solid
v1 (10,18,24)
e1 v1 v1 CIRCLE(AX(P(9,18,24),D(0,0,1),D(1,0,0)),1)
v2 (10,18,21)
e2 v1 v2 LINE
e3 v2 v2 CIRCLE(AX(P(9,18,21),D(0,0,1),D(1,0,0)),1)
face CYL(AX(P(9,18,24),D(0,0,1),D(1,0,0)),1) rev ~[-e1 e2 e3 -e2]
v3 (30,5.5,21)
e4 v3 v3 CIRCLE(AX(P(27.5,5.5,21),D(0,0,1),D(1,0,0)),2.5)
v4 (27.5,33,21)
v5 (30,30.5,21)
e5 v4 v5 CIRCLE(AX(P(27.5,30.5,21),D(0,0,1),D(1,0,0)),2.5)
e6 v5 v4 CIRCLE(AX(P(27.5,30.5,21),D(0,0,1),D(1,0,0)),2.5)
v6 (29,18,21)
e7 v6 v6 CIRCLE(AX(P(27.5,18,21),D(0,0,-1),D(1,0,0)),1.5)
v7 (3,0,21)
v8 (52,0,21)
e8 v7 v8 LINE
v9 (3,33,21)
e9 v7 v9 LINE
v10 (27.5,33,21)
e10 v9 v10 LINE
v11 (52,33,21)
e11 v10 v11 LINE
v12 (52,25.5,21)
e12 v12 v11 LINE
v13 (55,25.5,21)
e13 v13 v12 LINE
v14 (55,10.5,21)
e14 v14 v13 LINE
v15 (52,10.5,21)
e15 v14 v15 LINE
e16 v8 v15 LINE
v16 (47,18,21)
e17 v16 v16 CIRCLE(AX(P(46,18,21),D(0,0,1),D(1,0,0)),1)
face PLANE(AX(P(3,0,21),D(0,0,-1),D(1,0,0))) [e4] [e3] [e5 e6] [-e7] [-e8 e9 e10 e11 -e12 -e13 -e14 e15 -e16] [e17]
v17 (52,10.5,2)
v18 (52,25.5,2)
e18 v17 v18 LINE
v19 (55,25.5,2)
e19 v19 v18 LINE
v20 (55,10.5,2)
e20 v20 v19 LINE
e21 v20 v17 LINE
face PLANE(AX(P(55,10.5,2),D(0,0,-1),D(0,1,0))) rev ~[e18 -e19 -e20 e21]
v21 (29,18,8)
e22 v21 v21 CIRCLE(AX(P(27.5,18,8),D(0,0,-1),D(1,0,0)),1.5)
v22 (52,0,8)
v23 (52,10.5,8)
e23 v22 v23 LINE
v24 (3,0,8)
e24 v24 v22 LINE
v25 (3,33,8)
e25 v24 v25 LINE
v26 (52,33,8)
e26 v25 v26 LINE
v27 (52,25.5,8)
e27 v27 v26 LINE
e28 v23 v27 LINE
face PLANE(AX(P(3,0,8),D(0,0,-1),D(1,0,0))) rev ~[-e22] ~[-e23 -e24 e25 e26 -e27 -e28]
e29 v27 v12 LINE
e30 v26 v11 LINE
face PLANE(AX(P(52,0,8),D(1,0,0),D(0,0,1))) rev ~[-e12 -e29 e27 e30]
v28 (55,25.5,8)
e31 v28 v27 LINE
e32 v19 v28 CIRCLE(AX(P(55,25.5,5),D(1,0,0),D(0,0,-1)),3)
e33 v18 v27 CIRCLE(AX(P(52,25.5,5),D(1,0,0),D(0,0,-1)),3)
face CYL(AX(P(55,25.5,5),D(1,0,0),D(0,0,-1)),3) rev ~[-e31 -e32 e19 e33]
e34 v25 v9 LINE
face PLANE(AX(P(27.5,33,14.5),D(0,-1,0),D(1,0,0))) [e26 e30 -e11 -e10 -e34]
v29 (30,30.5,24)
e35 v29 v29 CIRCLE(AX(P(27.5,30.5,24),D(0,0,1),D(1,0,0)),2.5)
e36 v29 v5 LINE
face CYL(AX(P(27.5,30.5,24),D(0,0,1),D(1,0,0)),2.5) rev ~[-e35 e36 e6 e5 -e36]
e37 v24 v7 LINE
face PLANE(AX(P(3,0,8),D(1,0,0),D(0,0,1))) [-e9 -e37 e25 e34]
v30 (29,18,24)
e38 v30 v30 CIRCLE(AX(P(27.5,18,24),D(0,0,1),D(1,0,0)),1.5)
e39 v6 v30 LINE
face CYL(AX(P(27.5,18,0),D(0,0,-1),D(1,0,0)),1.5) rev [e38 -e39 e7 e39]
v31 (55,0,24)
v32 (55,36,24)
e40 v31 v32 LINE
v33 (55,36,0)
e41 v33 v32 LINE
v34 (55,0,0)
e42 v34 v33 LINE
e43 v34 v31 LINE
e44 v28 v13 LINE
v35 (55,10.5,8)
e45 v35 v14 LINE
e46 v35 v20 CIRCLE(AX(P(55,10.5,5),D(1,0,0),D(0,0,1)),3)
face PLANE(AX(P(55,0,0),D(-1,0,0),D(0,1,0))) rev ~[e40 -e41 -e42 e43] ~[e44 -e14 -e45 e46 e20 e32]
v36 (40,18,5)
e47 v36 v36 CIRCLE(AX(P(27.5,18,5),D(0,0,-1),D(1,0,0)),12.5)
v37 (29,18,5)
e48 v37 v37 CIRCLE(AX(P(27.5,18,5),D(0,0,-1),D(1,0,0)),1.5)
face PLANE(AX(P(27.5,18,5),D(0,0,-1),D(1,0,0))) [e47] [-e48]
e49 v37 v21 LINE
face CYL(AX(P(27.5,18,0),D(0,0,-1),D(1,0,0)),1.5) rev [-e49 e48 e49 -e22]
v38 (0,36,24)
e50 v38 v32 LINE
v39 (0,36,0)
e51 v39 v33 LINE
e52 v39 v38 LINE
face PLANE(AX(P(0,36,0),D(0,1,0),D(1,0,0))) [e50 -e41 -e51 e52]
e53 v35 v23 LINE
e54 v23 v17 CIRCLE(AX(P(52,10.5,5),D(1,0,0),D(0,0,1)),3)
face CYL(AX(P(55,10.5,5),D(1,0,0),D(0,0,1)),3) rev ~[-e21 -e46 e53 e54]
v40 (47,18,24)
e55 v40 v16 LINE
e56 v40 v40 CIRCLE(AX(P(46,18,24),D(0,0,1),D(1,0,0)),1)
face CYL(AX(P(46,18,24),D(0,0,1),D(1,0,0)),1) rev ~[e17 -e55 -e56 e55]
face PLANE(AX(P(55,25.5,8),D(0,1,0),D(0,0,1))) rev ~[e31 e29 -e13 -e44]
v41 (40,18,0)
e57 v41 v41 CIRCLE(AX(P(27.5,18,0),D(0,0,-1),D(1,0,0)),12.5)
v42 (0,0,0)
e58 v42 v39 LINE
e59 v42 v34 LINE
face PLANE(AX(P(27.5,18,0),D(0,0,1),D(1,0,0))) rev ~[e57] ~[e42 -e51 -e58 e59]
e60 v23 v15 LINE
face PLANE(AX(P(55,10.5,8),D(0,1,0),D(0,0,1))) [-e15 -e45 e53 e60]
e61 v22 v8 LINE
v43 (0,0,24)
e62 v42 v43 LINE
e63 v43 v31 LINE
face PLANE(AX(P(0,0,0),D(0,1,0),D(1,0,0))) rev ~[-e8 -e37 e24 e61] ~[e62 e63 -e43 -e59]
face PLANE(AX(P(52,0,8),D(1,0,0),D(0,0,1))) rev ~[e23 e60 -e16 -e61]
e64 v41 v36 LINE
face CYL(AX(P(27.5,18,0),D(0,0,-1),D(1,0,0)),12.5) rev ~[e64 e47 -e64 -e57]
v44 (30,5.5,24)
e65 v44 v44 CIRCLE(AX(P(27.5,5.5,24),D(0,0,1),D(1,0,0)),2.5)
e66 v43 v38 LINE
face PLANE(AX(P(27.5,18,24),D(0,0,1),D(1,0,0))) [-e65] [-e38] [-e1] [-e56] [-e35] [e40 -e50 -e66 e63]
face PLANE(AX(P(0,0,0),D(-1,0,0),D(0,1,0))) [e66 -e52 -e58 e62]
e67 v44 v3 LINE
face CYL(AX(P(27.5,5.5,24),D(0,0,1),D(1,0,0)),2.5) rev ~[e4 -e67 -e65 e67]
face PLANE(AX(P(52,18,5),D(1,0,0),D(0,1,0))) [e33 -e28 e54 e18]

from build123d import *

# Parameters (mm, degrees)
SKETCH_W        = 55
SKETCH_H        = 36
SKETCH_R        = 1.5
PAD_DEPTH       = 24
SKETCH001_R     = 12.5
POCKET_DEPTH    = 5
SKETCH002_W     = 49
SKETCH002_H     = 13
POCKET001_DEPTH = 33
SKETCH003_R     = 1
SKETCH003_R_2   = 2.5
POCKET002_DEPTH = 3
SKETCH004_W     = 15
SKETCH004_H     = 13
POCKET003_DEPTH = 3
POCKET004_DEPTH = 3


with BuildPart() as part:
    # Sketch → Pad (new body)
    with BuildSketch(Plane.XY):
        with Locations((27.5, 18)):
            Rectangle(SKETCH_W, SKETCH_H)
        with Locations((27.5, 18)):
            Circle(SKETCH_R, mode=Mode.SUBTRACT)
    extrude(amount=PAD_DEPTH)

    # Sketch001 → Pocket (cut)
    with BuildSketch(Plane(origin=(0, 0, 0), x_dir=(1, 0, 0), z_dir=(0, 0, -1))):
        with Locations((27.5, -18)):
            Circle(SKETCH001_R)
    extrude(amount=-POCKET_DEPTH, mode=Mode.SUBTRACT)

    # Sketch002 → Pocket001 (cut)
    with BuildSketch(Plane.XZ):
        with Locations((27.5, 14.5)):
            Rectangle(SKETCH002_W, SKETCH002_H)
    extrude(amount=-POCKET001_DEPTH, mode=Mode.SUBTRACT)

    # Sketch003 → Pocket002 (cut)
    with BuildSketch(Plane.XY.offset(24)):
        with Locations((9, 18)):
            Circle(SKETCH003_R)
        with Locations((46, 18)):
            Circle(SKETCH003_R)
        with Locations((27.5, 30.5)):
            Circle(SKETCH003_R_2)
        with Locations((27.5, 5.5)):
            Circle(SKETCH003_R_2)
    extrude(amount=-POCKET002_DEPTH, mode=Mode.SUBTRACT)

    # Sketch004 → Pocket003 (cut)
    with BuildSketch(Plane.YZ.offset(55)):
        with Locations((18, 14.5)):
            Rectangle(SKETCH004_W, SKETCH004_H)
    extrude(amount=-POCKET003_DEPTH, mode=Mode.SUBTRACT)

    # Sketch005 → Pocket004 (cut)
    with BuildSketch(Plane.YZ.offset(55)):
        with BuildLine():
            ThreePointArc((10.5, 8), (7.5, 5), (10.5, 2))
            Line((10.5, 2), (25.5, 2))
            ThreePointArc((25.5, 2), (28.5, 5), (25.5, 8))
            Line((10.5, 8), (25.5, 8))
        make_face()
    extrude(amount=-POCKET004_DEPTH, mode=Mode.SUBTRACT)


solid = part.part
